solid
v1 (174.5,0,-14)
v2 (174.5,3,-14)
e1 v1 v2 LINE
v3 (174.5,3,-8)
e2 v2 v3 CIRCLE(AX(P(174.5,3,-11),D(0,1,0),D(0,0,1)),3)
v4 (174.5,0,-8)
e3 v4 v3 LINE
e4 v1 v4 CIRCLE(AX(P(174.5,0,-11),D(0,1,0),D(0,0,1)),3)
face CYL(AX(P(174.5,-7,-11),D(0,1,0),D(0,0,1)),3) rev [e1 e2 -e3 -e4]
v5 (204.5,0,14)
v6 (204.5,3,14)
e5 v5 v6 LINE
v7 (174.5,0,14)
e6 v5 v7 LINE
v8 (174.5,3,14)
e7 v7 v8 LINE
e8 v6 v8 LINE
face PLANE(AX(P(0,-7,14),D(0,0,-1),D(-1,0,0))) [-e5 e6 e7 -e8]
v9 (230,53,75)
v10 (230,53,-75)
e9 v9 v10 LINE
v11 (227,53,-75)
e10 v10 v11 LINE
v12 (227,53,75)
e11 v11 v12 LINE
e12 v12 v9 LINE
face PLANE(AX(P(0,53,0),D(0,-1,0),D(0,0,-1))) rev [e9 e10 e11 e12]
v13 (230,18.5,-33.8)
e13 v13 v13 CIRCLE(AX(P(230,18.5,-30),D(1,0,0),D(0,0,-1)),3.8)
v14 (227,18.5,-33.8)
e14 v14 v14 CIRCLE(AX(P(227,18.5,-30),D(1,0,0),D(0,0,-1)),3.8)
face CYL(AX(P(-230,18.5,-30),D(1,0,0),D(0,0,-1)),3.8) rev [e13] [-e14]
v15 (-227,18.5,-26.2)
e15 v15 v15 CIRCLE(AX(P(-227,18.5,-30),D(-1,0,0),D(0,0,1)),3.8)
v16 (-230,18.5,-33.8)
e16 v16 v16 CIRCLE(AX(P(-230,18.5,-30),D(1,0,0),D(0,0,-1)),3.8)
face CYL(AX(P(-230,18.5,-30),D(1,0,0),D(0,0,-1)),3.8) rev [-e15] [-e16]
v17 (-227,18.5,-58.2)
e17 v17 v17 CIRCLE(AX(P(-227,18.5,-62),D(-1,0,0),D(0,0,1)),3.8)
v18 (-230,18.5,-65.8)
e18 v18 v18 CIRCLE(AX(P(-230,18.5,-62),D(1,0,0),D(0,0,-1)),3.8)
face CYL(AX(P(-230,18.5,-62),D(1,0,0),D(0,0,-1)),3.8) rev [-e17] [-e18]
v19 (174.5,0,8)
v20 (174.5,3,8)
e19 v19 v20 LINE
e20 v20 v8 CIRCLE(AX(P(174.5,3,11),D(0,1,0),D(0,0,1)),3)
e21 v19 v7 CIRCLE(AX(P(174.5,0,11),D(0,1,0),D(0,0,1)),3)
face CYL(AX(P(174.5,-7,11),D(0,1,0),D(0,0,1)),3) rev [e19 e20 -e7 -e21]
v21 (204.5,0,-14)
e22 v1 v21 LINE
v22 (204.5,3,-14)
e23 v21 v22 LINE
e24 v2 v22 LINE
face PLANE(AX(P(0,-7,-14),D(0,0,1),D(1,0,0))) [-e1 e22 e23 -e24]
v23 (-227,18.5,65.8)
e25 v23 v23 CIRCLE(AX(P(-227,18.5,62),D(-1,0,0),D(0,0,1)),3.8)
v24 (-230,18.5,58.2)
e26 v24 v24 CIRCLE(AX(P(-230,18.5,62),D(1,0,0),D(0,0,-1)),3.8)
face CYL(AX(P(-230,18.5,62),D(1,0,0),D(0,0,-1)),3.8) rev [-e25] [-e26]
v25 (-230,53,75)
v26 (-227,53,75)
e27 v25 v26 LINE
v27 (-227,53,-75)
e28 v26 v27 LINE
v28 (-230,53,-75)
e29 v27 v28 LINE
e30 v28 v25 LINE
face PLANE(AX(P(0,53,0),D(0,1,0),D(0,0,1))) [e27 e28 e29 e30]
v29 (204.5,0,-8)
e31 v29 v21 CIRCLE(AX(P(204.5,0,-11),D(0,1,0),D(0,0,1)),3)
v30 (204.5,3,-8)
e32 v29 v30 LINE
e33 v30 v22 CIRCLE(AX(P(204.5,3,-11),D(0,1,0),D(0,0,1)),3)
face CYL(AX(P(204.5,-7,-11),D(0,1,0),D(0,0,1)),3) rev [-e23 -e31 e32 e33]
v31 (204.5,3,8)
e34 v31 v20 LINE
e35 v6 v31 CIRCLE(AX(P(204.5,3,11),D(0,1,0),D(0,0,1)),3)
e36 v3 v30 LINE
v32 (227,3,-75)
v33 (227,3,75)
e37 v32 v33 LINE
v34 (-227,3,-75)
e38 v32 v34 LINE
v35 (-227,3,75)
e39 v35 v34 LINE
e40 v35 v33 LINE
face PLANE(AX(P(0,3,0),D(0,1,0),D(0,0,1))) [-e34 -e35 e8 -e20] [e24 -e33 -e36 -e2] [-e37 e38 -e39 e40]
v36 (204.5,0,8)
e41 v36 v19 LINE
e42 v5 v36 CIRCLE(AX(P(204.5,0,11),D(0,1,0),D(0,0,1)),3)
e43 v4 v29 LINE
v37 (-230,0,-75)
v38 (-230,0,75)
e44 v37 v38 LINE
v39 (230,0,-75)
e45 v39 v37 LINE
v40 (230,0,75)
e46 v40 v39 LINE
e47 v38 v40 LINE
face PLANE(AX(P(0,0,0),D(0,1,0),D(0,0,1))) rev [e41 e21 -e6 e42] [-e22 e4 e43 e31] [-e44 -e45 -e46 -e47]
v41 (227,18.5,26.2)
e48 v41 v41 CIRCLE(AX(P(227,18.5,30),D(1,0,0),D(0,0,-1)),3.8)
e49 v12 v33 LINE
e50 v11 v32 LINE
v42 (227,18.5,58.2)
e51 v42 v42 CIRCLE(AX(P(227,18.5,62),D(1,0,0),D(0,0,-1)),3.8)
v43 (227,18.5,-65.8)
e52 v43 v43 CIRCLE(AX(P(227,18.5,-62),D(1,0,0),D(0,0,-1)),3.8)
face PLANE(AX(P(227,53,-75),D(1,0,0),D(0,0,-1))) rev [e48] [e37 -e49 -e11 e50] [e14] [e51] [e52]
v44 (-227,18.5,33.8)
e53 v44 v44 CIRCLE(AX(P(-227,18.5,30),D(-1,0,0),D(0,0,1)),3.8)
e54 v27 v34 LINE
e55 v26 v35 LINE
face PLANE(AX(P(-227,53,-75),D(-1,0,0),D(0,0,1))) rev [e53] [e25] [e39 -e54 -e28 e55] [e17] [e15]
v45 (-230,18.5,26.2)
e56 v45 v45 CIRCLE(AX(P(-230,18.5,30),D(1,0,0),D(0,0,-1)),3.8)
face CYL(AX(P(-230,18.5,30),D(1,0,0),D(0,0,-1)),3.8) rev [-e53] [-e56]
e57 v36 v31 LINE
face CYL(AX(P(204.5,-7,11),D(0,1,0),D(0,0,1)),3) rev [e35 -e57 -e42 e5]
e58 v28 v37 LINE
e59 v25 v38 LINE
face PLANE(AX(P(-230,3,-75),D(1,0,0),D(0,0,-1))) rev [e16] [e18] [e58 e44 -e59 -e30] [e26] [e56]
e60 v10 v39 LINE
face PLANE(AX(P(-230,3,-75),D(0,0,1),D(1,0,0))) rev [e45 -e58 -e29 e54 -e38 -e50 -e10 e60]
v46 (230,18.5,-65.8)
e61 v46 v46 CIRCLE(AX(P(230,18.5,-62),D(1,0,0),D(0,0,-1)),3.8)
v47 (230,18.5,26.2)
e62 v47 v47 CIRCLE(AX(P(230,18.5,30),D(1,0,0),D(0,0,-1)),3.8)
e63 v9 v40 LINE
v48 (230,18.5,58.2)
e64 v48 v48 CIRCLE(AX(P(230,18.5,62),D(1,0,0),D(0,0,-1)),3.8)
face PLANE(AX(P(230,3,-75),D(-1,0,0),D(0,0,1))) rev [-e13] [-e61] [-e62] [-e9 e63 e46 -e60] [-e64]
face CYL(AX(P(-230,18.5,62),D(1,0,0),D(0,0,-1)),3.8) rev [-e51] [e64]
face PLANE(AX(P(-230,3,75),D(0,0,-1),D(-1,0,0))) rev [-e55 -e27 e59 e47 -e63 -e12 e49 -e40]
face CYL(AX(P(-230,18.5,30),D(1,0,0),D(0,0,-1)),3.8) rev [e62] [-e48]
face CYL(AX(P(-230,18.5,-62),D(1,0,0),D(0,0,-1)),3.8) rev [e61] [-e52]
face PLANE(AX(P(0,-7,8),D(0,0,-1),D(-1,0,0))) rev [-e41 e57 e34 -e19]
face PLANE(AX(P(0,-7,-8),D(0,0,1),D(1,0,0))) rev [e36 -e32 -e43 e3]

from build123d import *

# Parameters (mm, degrees)
SKETCH1_W               = 460
SKETCH1_H               = 150
BOSS_EXTRUDE1_DEPTH     = 3
SKETCH2_W               = 3
SKETCH2_H               = 150
BOSS_EXTRUDE2_DEPTH     = 50
SKETCH4_R               = 3.8
CUT_EXTRUDE1_DEPTH      = 458
CUT_EXTRUDE1_DEPTH_BACK = 4
CUT_EXTRUDE2_DEPTH      = 10


with BuildPart() as part:
    # Sketch1 → Boss-Extrude1 (new body)
    with BuildSketch(Plane(origin=(0, 0, 0), x_dir=(1, 0, 0), z_dir=(0, 1, 0))):
        Rectangle(SKETCH1_W, SKETCH1_H)
    extrude(amount=BOSS_EXTRUDE1_DEPTH)

    # Sketch2 → Boss-Extrude2 (add)
    with BuildSketch(Plane(origin=(0, 3, 0), x_dir=(1, 0, 0), z_dir=(0, 1, 0))):
        with Locations((-228.5, 0)):
            Rectangle(SKETCH2_W, SKETCH2_H)
        with Locations((228.5, 0)):
            Rectangle(SKETCH2_W, SKETCH2_H)
    extrude(amount=BOSS_EXTRUDE2_DEPTH)

    # Sketch4 → Cut-Extrude1 (cut, two sides)
    with BuildSketch(Plane(origin=(-227, 0, 0), x_dir=(0, 0, -1), z_dir=(1, 0, 0))) as cut_extrude1_sk:
        with Locations((62, 18.5)):
            Circle(SKETCH4_R)
        with Locations((30, 18.5)):
            Circle(SKETCH4_R)
        with Locations((-62, 18.5)):
            Circle(SKETCH4_R)
        with Locations((-30, 18.5)):
            Circle(SKETCH4_R)
    extrude(amount=CUT_EXTRUDE1_DEPTH, mode=Mode.SUBTRACT)
    extrude(cut_extrude1_sk.sketch, amount=-CUT_EXTRUDE1_DEPTH_BACK, mode=Mode.SUBTRACT)

    # Sketch5 → Cut-Extrude2 (cut)
    with BuildSketch(Plane(origin=(0, 3, 0), x_dir=(1, 0, 0), z_dir=(0, 1, 0))):
        with BuildLine():
            ThreePointArc((174.5, -8), (171.5, -11), (174.5, -14))
            Line((174.5, -14), (174.5, -8))
        make_face()
        with BuildLine():
            Line((174.5, -8), (174.5, -14))
            ThreePointArc((174.5, -14), (176.621320344, -13.121320344), (177.5, -11))
            ThreePointArc((177.5, -11), (176.621320344, -8.878679656), (174.5, -8))
        make_face()
        with BuildLine():
            Line((174.5, -14), (204.5, -14))
            ThreePointArc((204.5, -14), (201.5, -11), (204.5, -8))
            Line((204.5, -8), (174.5, -8))
            ThreePointArc((174.5, -8), (176.621320344, -8.878679656), (177.5, -11))
            ThreePointArc((177.5, -11), (176.621320344, -13.121320344), (174.5, -14))
        make_face()
        with BuildLine():
            ThreePointArc((204.5, -8), (201.5, -11), (204.5, -14))
            Line((204.5, -14), (204.5, -8))
        make_face()
        with BuildLine():
            Line((204.5, -8), (204.5, -14))
            ThreePointArc((204.5, -14), (206.621320344, -13.121320344), (207.5, -11))
            ThreePointArc((207.5, -11), (206.621320344, -8.878679656), (204.5, -8))
        make_face()
        with BuildLine():
            ThreePointArc((204.5, 14), (201.5, 11), (204.5, 8))
            Line((204.5, 8), (204.5, 14))
        make_face()
        with BuildLine():
            Line((204.5, 14), (204.5, 8))
            ThreePointArc((204.5, 8), (206.621320344, 8.878679656), (207.5, 11))
            ThreePointArc((207.5, 11), (206.621320344, 13.121320344), (204.5, 14))
        make_face()
        with BuildLine():
            ThreePointArc((177.5, 11), (176.621320344, 8.878679656), (174.5, 8))
            Line((174.5, 8), (204.5, 8))
            ThreePointArc((204.5, 8), (201.5, 11), (204.5, 14))
            Line((204.5, 14), (174.5, 14))
            ThreePointArc((174.5, 14), (176.621320344, 13.121320344), (177.5, 11))
        make_face()
        with BuildLine():
            ThreePointArc((174.5, 14), (171.5, 11), (174.5, 8))
            Line((174.5, 8), (174.5, 14))
        make_face()
        with BuildLine():
            Line((174.5, 14), (174.5, 8))
            ThreePointArc((174.5, 8), (176.621320344, 8.878679656), (177.5, 11))
            ThreePointArc((177.5, 11), (176.621320344, 13.121320344), (174.5, 14))
        make_face()
    extrude(amount=-CUT_EXTRUDE2_DEPTH, mode=Mode.SUBTRACT)


solid = part.part
